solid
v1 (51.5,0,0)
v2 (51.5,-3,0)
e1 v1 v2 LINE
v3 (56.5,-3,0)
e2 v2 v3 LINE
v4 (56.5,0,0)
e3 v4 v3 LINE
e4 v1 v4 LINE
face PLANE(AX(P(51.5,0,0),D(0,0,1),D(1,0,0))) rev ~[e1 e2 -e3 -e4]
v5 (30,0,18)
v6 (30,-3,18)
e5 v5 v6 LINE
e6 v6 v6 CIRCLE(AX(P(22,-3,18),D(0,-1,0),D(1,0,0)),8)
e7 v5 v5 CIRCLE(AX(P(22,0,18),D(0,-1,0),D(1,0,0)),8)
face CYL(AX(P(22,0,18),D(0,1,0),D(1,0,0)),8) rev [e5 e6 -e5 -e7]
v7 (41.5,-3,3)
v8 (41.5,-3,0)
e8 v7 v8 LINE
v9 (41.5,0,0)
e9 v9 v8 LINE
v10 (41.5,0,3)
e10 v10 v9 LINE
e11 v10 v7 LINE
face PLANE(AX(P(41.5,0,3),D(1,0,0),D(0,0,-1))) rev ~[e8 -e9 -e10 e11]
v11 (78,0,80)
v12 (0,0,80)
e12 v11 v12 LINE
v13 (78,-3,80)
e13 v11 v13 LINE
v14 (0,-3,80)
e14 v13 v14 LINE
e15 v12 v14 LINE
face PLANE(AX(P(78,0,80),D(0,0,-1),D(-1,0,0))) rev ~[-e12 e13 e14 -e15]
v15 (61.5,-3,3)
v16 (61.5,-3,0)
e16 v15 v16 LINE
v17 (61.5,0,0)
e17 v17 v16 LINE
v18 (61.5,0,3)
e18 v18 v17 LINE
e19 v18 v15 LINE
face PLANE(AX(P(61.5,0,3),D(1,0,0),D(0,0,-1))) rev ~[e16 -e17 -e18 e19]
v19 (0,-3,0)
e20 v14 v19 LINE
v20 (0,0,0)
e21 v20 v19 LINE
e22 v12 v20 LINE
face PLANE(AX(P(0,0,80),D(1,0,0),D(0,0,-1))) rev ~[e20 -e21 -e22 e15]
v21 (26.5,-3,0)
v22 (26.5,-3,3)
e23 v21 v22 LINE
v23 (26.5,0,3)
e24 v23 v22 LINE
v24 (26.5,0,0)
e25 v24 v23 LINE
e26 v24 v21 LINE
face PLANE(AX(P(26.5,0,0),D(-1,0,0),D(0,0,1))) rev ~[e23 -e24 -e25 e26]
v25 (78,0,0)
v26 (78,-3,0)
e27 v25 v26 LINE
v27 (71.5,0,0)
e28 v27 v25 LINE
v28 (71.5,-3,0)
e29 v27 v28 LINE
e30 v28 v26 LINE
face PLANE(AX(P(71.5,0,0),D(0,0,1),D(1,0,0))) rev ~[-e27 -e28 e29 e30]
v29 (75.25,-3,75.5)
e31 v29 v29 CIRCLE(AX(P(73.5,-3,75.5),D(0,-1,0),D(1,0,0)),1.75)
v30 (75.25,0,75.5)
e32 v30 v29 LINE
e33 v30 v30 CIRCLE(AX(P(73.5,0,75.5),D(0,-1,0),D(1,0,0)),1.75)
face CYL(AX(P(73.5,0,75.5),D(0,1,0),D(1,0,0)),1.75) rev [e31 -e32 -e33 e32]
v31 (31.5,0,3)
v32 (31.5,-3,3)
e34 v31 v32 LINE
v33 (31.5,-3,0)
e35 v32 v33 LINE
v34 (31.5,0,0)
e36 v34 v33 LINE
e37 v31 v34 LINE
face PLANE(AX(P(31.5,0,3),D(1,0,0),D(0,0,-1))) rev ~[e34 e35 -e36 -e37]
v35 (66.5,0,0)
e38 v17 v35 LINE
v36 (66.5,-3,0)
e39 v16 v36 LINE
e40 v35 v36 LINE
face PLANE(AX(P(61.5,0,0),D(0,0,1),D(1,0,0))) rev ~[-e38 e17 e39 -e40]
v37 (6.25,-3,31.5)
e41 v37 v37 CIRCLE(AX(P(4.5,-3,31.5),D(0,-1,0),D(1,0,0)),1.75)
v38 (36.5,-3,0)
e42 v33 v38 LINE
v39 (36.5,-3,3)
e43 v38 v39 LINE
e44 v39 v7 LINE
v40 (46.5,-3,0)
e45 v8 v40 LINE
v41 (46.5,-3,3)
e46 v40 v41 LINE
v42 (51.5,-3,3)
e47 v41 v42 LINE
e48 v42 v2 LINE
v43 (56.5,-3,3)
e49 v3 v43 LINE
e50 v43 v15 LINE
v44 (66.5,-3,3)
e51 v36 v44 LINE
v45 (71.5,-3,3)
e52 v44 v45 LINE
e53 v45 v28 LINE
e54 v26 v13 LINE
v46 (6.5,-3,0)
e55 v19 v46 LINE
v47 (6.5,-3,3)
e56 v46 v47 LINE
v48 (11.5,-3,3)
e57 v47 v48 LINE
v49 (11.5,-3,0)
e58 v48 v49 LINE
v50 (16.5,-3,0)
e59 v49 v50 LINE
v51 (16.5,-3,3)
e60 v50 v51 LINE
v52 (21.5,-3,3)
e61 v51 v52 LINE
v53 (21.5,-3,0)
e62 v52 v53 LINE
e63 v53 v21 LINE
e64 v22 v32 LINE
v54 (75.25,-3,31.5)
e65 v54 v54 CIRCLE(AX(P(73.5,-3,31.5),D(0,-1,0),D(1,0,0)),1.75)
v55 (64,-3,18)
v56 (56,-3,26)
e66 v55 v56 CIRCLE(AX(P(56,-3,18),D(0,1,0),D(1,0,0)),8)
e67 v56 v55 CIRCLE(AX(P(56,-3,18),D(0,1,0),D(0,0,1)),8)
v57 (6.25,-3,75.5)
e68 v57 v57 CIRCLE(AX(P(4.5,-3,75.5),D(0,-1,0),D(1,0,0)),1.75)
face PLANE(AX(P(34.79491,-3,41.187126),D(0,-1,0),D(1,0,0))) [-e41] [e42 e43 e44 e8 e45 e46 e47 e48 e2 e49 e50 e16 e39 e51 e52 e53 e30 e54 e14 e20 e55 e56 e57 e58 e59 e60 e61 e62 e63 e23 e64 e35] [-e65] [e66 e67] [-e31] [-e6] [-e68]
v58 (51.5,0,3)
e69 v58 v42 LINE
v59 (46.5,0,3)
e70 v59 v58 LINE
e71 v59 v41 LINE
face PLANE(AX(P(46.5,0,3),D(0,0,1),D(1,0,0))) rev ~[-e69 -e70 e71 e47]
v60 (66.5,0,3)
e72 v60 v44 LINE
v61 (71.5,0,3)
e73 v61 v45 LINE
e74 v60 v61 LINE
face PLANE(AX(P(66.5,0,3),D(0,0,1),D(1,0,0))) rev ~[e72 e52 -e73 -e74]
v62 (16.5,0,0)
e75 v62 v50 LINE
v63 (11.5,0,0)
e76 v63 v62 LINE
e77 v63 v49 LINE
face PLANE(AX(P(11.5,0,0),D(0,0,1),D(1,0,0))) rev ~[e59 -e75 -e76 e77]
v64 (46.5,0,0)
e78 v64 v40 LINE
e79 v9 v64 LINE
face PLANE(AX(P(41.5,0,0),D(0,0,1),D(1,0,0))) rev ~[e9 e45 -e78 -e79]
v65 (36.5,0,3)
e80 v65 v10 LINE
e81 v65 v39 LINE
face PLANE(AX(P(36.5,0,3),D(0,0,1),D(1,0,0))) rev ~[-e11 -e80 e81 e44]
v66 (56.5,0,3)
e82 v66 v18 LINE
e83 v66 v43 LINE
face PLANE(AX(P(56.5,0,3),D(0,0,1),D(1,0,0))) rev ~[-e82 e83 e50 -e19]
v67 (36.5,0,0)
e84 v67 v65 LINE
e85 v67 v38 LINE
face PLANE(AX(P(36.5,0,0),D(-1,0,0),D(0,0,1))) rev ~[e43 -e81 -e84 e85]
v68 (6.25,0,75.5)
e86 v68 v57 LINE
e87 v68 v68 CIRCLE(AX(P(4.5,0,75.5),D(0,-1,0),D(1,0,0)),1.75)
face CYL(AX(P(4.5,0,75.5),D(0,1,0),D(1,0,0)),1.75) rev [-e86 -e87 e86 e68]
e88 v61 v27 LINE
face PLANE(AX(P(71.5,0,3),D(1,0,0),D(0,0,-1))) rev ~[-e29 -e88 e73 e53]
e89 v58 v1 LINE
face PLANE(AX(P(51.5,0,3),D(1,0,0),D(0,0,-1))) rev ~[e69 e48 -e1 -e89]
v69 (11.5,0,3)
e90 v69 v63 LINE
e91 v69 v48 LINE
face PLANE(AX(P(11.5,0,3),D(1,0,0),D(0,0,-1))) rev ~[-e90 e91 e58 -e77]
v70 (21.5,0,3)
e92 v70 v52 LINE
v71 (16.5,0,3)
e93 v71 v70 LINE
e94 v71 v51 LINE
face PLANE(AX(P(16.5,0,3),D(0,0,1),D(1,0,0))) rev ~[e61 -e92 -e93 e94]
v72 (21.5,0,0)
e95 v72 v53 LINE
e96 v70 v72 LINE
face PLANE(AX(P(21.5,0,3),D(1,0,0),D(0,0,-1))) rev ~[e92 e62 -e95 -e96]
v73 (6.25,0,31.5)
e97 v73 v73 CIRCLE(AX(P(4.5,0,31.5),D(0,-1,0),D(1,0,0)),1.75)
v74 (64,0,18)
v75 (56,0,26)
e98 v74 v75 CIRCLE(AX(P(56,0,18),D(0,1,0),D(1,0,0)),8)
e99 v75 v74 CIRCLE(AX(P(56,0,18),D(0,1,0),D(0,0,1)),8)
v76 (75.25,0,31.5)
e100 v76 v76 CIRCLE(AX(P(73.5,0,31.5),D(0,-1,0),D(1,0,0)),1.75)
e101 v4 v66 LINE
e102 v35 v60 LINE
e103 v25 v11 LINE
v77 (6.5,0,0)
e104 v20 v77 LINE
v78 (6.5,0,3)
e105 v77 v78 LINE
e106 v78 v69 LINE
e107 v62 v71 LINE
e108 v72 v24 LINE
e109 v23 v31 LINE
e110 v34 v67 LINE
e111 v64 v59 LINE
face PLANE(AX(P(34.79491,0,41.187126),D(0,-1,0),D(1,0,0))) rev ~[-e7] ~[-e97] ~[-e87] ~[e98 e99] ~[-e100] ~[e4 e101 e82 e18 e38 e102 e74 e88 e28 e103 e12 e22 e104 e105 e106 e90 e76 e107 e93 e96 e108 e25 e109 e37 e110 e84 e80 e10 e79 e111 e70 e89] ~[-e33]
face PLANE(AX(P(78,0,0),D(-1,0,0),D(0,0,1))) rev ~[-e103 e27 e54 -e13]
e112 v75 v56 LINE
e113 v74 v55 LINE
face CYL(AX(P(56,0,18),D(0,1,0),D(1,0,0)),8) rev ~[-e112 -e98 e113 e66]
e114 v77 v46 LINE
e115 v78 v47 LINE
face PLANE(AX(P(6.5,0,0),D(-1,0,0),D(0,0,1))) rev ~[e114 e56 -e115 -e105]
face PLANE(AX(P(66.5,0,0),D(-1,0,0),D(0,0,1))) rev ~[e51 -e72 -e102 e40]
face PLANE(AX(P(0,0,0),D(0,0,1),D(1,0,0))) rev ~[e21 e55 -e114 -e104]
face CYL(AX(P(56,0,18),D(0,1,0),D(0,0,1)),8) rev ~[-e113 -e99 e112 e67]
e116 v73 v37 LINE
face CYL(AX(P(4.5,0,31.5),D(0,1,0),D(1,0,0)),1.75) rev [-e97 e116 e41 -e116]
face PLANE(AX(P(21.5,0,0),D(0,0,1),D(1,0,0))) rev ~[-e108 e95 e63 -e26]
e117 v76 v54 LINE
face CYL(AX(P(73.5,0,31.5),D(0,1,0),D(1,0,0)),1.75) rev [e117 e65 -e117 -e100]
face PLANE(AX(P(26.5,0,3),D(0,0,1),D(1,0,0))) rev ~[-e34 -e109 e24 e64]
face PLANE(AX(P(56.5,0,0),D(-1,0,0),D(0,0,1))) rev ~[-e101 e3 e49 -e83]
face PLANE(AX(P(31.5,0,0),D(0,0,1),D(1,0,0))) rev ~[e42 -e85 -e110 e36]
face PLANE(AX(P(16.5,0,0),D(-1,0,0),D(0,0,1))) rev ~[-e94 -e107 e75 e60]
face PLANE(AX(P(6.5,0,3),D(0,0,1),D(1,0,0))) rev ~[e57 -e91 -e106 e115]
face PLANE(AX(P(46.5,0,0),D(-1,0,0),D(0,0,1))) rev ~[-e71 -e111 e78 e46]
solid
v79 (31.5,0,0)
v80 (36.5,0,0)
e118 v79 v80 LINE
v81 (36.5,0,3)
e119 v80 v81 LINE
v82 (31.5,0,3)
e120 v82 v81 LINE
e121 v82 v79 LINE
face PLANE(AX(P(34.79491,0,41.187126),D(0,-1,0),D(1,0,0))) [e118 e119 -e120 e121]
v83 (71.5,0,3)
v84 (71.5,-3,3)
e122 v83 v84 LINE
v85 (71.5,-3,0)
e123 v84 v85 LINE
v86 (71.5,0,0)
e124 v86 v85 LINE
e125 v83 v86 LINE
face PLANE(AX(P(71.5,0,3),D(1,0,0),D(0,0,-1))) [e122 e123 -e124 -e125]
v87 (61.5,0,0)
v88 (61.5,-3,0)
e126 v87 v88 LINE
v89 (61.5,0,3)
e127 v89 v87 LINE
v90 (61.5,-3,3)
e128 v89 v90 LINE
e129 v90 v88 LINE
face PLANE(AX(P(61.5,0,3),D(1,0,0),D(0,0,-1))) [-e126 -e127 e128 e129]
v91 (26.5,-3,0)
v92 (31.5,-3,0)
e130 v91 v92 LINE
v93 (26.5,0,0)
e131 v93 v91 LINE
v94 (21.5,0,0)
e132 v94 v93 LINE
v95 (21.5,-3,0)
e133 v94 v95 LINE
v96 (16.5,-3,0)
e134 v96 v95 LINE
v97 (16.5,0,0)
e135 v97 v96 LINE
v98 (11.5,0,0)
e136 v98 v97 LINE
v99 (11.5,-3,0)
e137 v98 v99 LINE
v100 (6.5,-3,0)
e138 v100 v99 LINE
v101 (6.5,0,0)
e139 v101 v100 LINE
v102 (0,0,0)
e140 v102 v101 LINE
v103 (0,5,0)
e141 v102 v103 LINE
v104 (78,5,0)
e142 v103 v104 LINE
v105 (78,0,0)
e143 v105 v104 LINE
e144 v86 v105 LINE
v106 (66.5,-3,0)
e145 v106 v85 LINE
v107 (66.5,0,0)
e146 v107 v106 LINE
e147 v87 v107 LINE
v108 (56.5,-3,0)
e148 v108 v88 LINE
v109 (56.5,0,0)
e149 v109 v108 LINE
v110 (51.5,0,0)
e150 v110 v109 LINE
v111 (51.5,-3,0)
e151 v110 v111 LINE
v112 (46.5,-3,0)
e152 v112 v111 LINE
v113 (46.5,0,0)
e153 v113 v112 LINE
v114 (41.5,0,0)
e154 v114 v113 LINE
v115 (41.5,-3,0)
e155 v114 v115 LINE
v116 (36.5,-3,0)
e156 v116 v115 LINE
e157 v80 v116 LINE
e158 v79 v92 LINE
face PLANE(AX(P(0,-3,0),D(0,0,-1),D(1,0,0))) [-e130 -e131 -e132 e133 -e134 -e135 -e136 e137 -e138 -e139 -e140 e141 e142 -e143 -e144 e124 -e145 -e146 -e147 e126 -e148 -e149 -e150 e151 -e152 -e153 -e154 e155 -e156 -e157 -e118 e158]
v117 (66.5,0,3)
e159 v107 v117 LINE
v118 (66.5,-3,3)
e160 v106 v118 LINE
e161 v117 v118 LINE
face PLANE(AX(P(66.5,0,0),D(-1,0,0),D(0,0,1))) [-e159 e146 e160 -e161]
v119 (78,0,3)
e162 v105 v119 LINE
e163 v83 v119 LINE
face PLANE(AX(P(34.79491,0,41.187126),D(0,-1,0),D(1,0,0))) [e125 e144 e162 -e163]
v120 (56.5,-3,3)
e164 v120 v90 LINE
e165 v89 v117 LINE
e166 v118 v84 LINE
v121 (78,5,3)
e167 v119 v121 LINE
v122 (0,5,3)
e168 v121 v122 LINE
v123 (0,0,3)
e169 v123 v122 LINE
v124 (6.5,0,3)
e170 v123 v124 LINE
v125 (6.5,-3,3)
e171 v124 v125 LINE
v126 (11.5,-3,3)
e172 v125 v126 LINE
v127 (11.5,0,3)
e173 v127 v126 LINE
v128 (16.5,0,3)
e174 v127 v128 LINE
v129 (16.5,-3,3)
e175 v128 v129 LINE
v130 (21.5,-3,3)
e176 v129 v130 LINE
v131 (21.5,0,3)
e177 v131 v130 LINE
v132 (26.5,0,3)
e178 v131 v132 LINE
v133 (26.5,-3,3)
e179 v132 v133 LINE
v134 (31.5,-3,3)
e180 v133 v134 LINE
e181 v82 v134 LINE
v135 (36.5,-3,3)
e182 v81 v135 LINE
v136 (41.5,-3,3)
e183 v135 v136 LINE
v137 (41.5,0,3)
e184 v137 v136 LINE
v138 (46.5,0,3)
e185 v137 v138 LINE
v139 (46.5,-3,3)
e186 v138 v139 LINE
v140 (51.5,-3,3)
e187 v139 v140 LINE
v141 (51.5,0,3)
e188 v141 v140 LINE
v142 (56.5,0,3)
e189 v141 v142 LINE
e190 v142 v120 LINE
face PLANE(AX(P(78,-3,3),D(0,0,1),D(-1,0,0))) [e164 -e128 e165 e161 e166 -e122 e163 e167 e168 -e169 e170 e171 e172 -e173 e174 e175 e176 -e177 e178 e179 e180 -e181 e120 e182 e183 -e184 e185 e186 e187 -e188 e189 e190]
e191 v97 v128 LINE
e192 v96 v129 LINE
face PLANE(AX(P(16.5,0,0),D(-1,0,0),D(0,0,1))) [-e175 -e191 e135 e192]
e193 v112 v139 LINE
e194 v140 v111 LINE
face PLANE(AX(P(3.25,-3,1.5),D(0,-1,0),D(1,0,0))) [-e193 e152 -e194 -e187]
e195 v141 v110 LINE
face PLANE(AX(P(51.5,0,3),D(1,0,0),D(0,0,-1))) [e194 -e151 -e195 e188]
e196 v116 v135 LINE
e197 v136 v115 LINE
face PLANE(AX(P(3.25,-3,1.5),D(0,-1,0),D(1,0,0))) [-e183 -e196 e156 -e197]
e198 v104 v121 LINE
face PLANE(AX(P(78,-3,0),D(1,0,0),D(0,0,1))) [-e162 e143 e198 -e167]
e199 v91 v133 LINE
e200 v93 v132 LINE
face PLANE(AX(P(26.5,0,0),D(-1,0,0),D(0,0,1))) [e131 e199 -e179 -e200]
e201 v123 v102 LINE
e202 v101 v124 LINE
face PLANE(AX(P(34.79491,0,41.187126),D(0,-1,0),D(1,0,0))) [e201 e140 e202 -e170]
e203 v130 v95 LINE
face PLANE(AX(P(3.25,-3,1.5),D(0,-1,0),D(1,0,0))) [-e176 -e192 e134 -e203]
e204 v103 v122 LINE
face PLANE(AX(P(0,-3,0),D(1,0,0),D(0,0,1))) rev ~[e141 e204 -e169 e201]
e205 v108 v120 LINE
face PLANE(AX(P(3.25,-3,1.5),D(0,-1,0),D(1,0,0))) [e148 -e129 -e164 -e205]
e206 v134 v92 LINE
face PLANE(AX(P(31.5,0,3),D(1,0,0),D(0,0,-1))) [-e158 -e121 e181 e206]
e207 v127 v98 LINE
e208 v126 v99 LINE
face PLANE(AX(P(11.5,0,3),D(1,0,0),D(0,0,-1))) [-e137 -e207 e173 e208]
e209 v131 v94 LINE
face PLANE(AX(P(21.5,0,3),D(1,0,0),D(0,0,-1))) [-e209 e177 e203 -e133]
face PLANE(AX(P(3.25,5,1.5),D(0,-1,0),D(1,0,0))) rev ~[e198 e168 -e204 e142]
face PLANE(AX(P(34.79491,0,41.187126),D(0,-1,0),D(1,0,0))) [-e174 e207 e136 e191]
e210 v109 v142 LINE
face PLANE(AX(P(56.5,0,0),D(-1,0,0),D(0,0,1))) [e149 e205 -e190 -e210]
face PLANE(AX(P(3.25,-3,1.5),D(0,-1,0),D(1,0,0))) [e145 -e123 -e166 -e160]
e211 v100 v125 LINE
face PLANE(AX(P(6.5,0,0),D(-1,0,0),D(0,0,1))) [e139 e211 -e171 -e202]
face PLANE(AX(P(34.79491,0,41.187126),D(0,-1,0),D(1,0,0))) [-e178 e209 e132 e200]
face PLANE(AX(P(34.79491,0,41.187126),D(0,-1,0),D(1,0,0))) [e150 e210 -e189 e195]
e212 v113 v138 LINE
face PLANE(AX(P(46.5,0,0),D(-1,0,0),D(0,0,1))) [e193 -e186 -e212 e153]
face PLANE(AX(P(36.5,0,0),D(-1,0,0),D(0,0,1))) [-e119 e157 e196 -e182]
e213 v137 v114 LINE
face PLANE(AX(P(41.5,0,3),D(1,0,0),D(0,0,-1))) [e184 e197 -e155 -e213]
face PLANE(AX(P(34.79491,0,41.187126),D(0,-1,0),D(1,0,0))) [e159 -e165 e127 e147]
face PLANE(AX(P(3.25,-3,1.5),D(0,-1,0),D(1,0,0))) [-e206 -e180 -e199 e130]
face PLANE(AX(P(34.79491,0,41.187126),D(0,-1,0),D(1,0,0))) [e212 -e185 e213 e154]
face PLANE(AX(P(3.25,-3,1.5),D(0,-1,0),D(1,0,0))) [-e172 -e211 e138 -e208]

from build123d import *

# Parameters (mm, degrees)
F0_R     = 8
F0_R_2   = 1.75
F1_DEPTH = 3
F2_W     = 6.5
F2_H     = 3
F2_W_2   = 5
F3_DEPTH = 8


with BuildPart() as f1:
    # F0 (on Front) → F1 (new body)
    with BuildSketch(Plane.XZ):
        Polygon((0, 80), (0, 0), (6.5, 0), (6.5, 3), (11.5, 3), (11.5, 0), (16.5, 0), (16.5, 3), (21.5, 3), (21.5, 0), (26.5, 0), (26.5, 3), (31.5, 3), (31.5, 0), (36.5, 0), (36.5, 3), (38, 3), (38, 26), (56, 26), (78, 26), (78, 80), align=None)
        with Locations((22, 18)):
            Circle(F0_R, mode=Mode.SUBTRACT)
        with Locations((4.5, 31.5)):
            Circle(F0_R_2, mode=Mode.SUBTRACT)
        with Locations((73.5, 31.5)):
            Circle(F0_R_2, mode=Mode.SUBTRACT)
        with Locations((4.5, 75.5)):
            Circle(F0_R_2, mode=Mode.SUBTRACT)
        with Locations((73.5, 75.5)):
            Circle(F0_R_2, mode=Mode.SUBTRACT)
        Polygon((78, 0), (78, 26), (56, 26), (38, 26), (38, 3), (41.5, 3), (41.5, 0), (46.5, 0), (46.5, 3), (51.5, 3), (51.5, 0), (56.5, 0), (56.5, 3), (61.5, 3), (61.5, 0), (66.5, 0), (66.5, 3), (71.5, 3), (71.5, 0), align=None)
        with BuildLine():
            ThreePointArc((64, 18), (50.3431457505, 12.3431457505), (56, 26))
            ThreePointArc((56, 26), (61.6568542495, 23.6568542495), (64, 18))
        make_face(mode=Mode.SUBTRACT)
    extrude(amount=F1_DEPTH)


with BuildPart() as f3:
    # F2 (on face) → F3 (new body)
    with BuildSketch(Plane.XZ.offset(3)):
        with Locations((3.25, 1.5)):
            Rectangle(F2_W, F2_H)
        with Locations((9, 1.5)):
            Rectangle(F2_W_2, F2_H)
        with Locations((14, 1.5)):
            Rectangle(F2_W_2, F2_H)
        with Locations((19, 1.5)):
            Rectangle(F2_W_2, F2_H)
        with Locations((24, 1.5)):
            Rectangle(F2_W_2, F2_H)
        with Locations((29, 1.5)):
            Rectangle(F2_W_2, F2_H)
        with Locations((34, 1.5)):
            Rectangle(F2_W_2, F2_H)
        with Locations((39, 1.5)):
            Rectangle(F2_W_2, F2_H)
        with Locations((44, 1.5)):
            Rectangle(F2_W_2, F2_H)
        with Locations((49, 1.5)):
            Rectangle(F2_W_2, F2_H)
        with Locations((54, 1.5)):
            Rectangle(F2_W_2, F2_H)
        with Locations((59, 1.5)):
            Rectangle(F2_W_2, F2_H)
        with Locations((64, 1.5)):
            Rectangle(F2_W_2, F2_H)
        with Locations((69, 1.5)):
            Rectangle(F2_W_2, F2_H)
        with Locations((74.75, 1.5)):
            Rectangle(F2_W, F2_H)
    extrude(amount=-F3_DEPTH)

    # F4: cut F1
    add(f1.part, mode=Mode.SUBTRACT)


solid = Compound([f1.part, f3.part])
